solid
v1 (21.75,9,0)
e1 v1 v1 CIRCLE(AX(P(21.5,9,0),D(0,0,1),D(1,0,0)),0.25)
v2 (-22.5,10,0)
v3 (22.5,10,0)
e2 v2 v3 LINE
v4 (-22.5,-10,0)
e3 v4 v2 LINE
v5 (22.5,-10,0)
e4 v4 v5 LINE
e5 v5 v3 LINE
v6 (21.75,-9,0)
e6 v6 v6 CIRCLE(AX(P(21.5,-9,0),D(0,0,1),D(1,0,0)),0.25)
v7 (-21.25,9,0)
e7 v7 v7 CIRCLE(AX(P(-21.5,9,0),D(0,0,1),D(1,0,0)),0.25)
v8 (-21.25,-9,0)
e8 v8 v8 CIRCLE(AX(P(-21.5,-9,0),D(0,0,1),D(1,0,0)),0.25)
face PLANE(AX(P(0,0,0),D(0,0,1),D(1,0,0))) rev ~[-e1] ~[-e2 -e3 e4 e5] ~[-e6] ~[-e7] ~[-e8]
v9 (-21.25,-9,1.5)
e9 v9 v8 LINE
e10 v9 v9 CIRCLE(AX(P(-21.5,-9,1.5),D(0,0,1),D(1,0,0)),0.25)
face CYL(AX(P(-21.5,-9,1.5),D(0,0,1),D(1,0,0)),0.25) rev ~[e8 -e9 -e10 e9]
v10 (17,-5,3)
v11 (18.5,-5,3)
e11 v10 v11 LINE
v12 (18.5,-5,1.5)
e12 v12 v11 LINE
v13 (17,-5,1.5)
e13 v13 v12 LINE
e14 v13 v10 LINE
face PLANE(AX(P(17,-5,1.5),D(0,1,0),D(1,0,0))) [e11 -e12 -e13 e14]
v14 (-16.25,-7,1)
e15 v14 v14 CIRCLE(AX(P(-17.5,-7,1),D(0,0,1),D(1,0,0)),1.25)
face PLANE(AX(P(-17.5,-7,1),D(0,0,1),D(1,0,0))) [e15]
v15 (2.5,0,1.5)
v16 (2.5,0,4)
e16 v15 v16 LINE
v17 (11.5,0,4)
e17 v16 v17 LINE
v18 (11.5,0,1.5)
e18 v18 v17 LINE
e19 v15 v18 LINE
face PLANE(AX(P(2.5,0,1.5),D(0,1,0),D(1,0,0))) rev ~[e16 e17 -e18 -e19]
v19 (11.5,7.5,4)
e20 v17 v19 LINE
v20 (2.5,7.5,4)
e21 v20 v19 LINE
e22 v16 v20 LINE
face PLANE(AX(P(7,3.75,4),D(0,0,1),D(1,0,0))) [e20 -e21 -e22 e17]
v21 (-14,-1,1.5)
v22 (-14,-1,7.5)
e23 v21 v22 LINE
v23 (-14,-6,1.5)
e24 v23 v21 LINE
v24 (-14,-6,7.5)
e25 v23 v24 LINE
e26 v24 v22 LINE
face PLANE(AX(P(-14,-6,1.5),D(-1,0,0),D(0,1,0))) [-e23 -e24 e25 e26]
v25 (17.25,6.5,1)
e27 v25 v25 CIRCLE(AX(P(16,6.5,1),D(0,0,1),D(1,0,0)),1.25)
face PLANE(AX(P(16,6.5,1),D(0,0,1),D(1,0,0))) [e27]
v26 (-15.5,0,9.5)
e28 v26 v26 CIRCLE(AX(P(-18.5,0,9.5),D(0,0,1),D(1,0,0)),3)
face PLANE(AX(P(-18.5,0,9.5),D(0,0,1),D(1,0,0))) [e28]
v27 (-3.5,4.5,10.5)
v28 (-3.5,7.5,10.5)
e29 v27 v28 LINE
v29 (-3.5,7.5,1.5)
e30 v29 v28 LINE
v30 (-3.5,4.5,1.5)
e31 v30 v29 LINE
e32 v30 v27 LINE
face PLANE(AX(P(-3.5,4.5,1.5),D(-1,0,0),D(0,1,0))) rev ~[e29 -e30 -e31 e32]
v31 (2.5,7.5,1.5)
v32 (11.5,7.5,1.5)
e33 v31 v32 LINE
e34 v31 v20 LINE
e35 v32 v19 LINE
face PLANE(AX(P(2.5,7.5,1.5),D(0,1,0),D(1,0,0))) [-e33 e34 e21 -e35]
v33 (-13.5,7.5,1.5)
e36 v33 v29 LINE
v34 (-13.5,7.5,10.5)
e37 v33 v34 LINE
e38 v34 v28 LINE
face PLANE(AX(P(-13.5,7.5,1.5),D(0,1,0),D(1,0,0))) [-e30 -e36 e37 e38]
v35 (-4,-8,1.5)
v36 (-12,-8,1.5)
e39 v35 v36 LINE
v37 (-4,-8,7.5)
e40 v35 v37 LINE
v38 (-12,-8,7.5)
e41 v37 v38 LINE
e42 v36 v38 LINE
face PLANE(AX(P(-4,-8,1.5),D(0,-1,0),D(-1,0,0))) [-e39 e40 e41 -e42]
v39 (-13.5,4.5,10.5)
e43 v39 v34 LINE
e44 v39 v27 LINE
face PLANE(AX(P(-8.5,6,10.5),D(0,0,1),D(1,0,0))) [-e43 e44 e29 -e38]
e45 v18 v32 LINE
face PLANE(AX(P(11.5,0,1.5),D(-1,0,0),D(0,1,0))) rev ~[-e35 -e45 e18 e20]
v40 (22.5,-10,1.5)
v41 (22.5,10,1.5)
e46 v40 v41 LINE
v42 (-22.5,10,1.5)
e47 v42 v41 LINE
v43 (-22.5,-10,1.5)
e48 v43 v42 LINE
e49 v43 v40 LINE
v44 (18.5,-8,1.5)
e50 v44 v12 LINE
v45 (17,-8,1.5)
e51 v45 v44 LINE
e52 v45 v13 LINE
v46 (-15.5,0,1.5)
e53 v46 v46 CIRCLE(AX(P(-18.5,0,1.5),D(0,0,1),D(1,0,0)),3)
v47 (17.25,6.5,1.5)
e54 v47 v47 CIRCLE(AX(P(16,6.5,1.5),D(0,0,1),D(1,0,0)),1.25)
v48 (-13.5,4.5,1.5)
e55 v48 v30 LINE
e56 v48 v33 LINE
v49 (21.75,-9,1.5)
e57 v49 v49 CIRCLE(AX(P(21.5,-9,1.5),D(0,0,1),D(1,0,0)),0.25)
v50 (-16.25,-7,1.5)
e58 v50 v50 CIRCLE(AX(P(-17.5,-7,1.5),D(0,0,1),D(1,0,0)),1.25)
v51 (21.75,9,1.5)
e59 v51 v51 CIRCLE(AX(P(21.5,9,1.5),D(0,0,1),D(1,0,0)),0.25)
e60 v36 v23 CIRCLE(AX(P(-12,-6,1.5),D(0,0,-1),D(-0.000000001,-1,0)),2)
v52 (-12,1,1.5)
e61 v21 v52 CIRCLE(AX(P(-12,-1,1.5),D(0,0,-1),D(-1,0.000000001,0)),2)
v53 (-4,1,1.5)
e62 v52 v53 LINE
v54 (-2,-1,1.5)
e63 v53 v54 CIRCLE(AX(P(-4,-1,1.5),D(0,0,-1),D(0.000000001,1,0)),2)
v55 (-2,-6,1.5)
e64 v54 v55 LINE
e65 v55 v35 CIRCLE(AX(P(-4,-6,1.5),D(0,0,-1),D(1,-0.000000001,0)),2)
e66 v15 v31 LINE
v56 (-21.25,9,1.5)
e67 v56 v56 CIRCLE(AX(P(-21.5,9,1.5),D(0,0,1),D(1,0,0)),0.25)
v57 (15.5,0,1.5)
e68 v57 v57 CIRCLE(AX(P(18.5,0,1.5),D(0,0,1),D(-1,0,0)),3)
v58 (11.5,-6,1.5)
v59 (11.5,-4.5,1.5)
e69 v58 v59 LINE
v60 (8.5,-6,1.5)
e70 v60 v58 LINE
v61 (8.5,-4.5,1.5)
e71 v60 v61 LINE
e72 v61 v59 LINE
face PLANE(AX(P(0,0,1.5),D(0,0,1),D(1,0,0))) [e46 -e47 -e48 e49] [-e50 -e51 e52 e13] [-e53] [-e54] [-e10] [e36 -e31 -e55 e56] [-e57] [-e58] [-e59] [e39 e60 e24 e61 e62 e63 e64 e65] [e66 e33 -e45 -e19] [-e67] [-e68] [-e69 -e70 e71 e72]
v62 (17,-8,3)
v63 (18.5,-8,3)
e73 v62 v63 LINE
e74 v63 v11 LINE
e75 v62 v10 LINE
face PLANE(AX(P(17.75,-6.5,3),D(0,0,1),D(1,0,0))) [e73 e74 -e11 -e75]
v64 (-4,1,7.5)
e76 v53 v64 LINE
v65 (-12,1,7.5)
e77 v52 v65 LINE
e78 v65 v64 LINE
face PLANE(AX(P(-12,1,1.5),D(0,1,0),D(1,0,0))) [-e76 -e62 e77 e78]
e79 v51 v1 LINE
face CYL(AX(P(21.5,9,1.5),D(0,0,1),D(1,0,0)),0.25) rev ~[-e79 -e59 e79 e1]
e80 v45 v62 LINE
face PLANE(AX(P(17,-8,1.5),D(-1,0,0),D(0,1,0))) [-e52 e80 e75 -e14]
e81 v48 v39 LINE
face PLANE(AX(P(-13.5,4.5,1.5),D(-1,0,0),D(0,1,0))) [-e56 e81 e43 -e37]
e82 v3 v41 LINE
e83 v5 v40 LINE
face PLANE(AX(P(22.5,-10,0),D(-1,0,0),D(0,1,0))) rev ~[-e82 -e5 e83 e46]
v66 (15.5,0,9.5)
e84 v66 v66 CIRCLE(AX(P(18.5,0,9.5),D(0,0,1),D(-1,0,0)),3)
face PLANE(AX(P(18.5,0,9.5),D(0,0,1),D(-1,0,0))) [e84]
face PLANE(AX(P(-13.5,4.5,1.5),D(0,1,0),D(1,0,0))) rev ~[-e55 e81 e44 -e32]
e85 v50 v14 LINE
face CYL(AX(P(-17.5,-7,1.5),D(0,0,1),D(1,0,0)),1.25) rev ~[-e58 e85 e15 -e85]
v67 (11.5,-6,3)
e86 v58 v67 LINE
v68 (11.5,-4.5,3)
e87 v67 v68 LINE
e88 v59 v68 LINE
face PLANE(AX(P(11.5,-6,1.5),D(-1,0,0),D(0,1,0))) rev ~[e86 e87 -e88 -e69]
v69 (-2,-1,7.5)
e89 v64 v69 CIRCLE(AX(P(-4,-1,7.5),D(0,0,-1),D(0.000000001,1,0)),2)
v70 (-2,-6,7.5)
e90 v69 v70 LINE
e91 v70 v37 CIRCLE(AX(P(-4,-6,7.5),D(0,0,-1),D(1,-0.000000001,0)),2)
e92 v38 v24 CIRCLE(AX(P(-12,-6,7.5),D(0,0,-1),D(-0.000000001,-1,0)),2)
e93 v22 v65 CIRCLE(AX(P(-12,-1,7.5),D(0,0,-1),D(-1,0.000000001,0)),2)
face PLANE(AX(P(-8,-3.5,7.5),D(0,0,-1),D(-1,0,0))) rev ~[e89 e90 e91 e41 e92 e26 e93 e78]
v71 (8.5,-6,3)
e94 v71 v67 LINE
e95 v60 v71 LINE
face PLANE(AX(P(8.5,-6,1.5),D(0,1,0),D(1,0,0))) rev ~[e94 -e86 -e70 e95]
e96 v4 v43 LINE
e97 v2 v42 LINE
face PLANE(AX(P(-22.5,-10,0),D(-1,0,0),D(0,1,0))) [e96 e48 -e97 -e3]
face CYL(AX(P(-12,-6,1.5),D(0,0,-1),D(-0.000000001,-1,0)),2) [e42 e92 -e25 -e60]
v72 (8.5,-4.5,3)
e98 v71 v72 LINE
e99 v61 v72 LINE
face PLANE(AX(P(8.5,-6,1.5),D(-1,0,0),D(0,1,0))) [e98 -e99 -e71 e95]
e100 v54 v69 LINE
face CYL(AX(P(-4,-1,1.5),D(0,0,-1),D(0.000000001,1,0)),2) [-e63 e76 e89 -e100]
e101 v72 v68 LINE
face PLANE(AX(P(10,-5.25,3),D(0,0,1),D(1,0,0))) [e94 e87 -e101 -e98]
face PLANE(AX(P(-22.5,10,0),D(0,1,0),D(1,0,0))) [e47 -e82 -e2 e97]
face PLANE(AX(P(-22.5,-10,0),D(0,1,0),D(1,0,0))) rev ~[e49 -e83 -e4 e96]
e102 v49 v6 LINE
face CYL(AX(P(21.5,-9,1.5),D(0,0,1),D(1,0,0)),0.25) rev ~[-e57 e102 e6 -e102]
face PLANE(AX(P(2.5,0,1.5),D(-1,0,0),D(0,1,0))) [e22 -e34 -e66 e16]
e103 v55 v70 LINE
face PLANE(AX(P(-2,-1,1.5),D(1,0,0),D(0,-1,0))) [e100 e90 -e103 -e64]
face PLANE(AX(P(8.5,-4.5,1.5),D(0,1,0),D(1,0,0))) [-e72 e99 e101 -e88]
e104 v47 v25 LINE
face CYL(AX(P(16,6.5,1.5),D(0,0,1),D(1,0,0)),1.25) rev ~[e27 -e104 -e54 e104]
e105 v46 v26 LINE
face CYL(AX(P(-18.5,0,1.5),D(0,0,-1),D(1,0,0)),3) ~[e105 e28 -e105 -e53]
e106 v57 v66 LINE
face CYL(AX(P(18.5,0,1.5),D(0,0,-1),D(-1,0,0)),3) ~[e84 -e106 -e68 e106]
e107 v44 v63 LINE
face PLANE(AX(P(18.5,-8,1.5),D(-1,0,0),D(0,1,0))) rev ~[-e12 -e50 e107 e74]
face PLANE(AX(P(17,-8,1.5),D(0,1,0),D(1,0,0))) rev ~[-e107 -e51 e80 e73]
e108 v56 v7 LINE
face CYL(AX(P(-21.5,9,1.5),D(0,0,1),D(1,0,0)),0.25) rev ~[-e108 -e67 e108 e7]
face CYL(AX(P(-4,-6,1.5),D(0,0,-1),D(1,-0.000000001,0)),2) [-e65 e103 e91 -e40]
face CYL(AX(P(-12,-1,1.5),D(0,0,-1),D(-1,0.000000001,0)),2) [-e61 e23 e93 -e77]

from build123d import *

# Parameters (mm, degrees)
SKETCH1_W           = 45
SKETCH1_H           = 20
BOSS_EXTRUDE1_DEPTH = 1.5
SKETCH2_R           = 3
BOSS_EXTRUDE3_DEPTH = 8
SKETCH3_W           = 10
SKETCH3_H           = 3
BOSS_EXTRUDE4_DEPTH = 9
BOSS_EXTRUDE5_DEPTH = 6
SKETCH6_W           = 9
SKETCH6_H           = 7.5
BOSS_EXTRUDE6_DEPTH = 2.5
SKETCH7_W           = 1.5
SKETCH7_H           = 3
SKETCH7_W_2         = 3
SKETCH7_H_2         = 1.5
BOSS_EXTRUDE7_DEPTH = 1.5
SKETCH9_R           = 1.25
CUT_EXTRUDE1_DEPTH  = 0.5
SKETCH10_R          = 1.25
CUT_EXTRUDE2_DEPTH  = 0.5
SKETCH12_R          = 0.25
CUT_EXTRUDE3_DEPTH  = 1.5


with BuildPart() as part:
    # Sketch1 → Boss-Extrude1 (new body)
    with BuildSketch(Plane.XY):
        Rectangle(SKETCH1_W, SKETCH1_H)
    extrude(amount=BOSS_EXTRUDE1_DEPTH)

    # Sketch2 → Boss-Extrude3 (add)
    with BuildSketch(Plane.XY.offset(1.5)):
        with Locations((-18.5, 0)):
            Circle(SKETCH2_R)
        with Locations(Location((18.5, 0, 0), (0, 0, 180))):
            Circle(SKETCH2_R)
    extrude(amount=BOSS_EXTRUDE3_DEPTH)

    # Sketch3 → Boss-Extrude4 (add)
    with BuildSketch(Plane.XY.offset(1.5)):
        with Locations((-8.5, 6)):
            Rectangle(SKETCH3_W, SKETCH3_H)
    extrude(amount=BOSS_EXTRUDE4_DEPTH)

    # Sketch5 → Boss-Extrude5 (add)
    with BuildSketch(Plane.XY.offset(1.5)):
        with BuildLine():
            Line((-12, 1), (-4, 1))
            ThreePointArc((-4, 1), (-2.585786438, 0.414213562), (-2, -1))
            Line((-2, -1), (-2, -6))
            ThreePointArc((-2, -6), (-2.585786438, -7.414213562), (-4, -8))
            Line((-4, -8), (-12, -8))
            ThreePointArc((-12, -8), (-13.414213562, -7.414213562), (-14, -6))
            Line((-14, -6), (-14, -1))
            ThreePointArc((-14, -1), (-13.414213562, 0.414213562), (-12, 1))
        make_face()
    extrude(amount=BOSS_EXTRUDE5_DEPTH)

    # Sketch6 → Boss-Extrude6 (add)
    with BuildSketch(Plane.XY.offset(1.5)):
        with Locations((7, 3.75)):
            Rectangle(SKETCH6_W, SKETCH6_H)
    extrude(amount=BOSS_EXTRUDE6_DEPTH)

    # Sketch7 → Boss-Extrude7 (add)
    with BuildSketch(Plane.XY.offset(1.5)):
        with Locations((17.75, -6.5)):
            Rectangle(SKETCH7_W, SKETCH7_H)
        with Locations((10, -5.25)):
            Rectangle(SKETCH7_W_2, SKETCH7_H_2)
    extrude(amount=BOSS_EXTRUDE7_DEPTH)

    # Sketch9 → Cut-Extrude1 (cut)
    with BuildSketch(Plane.XY.offset(1.5)):
        with Locations((-17.5, -7)):
            Circle(SKETCH9_R)
    extrude(amount=-CUT_EXTRUDE1_DEPTH, mode=Mode.SUBTRACT)

    # Sketch10 → Cut-Extrude2 (cut)
    with BuildSketch(Plane.XY.offset(1.5)):
        with Locations((16, 6.5)):
            Circle(SKETCH10_R)
    extrude(amount=-CUT_EXTRUDE2_DEPTH, mode=Mode.SUBTRACT)

    # Sketch12 → Cut-Extrude3 (cut)
    with BuildSketch(Plane.XY.offset(1.5)):
        with Locations((-21.5, 9)):
            Circle(SKETCH12_R)
        with Locations((21.5, 9)):
            Circle(SKETCH12_R)
        with Locations((21.5, -9)):
            Circle(SKETCH12_R)
        with Locations((-21.5, -9)):
            Circle(SKETCH12_R)
    extrude(amount=-CUT_EXTRUDE3_DEPTH, mode=Mode.SUBTRACT)


solid = part.part
